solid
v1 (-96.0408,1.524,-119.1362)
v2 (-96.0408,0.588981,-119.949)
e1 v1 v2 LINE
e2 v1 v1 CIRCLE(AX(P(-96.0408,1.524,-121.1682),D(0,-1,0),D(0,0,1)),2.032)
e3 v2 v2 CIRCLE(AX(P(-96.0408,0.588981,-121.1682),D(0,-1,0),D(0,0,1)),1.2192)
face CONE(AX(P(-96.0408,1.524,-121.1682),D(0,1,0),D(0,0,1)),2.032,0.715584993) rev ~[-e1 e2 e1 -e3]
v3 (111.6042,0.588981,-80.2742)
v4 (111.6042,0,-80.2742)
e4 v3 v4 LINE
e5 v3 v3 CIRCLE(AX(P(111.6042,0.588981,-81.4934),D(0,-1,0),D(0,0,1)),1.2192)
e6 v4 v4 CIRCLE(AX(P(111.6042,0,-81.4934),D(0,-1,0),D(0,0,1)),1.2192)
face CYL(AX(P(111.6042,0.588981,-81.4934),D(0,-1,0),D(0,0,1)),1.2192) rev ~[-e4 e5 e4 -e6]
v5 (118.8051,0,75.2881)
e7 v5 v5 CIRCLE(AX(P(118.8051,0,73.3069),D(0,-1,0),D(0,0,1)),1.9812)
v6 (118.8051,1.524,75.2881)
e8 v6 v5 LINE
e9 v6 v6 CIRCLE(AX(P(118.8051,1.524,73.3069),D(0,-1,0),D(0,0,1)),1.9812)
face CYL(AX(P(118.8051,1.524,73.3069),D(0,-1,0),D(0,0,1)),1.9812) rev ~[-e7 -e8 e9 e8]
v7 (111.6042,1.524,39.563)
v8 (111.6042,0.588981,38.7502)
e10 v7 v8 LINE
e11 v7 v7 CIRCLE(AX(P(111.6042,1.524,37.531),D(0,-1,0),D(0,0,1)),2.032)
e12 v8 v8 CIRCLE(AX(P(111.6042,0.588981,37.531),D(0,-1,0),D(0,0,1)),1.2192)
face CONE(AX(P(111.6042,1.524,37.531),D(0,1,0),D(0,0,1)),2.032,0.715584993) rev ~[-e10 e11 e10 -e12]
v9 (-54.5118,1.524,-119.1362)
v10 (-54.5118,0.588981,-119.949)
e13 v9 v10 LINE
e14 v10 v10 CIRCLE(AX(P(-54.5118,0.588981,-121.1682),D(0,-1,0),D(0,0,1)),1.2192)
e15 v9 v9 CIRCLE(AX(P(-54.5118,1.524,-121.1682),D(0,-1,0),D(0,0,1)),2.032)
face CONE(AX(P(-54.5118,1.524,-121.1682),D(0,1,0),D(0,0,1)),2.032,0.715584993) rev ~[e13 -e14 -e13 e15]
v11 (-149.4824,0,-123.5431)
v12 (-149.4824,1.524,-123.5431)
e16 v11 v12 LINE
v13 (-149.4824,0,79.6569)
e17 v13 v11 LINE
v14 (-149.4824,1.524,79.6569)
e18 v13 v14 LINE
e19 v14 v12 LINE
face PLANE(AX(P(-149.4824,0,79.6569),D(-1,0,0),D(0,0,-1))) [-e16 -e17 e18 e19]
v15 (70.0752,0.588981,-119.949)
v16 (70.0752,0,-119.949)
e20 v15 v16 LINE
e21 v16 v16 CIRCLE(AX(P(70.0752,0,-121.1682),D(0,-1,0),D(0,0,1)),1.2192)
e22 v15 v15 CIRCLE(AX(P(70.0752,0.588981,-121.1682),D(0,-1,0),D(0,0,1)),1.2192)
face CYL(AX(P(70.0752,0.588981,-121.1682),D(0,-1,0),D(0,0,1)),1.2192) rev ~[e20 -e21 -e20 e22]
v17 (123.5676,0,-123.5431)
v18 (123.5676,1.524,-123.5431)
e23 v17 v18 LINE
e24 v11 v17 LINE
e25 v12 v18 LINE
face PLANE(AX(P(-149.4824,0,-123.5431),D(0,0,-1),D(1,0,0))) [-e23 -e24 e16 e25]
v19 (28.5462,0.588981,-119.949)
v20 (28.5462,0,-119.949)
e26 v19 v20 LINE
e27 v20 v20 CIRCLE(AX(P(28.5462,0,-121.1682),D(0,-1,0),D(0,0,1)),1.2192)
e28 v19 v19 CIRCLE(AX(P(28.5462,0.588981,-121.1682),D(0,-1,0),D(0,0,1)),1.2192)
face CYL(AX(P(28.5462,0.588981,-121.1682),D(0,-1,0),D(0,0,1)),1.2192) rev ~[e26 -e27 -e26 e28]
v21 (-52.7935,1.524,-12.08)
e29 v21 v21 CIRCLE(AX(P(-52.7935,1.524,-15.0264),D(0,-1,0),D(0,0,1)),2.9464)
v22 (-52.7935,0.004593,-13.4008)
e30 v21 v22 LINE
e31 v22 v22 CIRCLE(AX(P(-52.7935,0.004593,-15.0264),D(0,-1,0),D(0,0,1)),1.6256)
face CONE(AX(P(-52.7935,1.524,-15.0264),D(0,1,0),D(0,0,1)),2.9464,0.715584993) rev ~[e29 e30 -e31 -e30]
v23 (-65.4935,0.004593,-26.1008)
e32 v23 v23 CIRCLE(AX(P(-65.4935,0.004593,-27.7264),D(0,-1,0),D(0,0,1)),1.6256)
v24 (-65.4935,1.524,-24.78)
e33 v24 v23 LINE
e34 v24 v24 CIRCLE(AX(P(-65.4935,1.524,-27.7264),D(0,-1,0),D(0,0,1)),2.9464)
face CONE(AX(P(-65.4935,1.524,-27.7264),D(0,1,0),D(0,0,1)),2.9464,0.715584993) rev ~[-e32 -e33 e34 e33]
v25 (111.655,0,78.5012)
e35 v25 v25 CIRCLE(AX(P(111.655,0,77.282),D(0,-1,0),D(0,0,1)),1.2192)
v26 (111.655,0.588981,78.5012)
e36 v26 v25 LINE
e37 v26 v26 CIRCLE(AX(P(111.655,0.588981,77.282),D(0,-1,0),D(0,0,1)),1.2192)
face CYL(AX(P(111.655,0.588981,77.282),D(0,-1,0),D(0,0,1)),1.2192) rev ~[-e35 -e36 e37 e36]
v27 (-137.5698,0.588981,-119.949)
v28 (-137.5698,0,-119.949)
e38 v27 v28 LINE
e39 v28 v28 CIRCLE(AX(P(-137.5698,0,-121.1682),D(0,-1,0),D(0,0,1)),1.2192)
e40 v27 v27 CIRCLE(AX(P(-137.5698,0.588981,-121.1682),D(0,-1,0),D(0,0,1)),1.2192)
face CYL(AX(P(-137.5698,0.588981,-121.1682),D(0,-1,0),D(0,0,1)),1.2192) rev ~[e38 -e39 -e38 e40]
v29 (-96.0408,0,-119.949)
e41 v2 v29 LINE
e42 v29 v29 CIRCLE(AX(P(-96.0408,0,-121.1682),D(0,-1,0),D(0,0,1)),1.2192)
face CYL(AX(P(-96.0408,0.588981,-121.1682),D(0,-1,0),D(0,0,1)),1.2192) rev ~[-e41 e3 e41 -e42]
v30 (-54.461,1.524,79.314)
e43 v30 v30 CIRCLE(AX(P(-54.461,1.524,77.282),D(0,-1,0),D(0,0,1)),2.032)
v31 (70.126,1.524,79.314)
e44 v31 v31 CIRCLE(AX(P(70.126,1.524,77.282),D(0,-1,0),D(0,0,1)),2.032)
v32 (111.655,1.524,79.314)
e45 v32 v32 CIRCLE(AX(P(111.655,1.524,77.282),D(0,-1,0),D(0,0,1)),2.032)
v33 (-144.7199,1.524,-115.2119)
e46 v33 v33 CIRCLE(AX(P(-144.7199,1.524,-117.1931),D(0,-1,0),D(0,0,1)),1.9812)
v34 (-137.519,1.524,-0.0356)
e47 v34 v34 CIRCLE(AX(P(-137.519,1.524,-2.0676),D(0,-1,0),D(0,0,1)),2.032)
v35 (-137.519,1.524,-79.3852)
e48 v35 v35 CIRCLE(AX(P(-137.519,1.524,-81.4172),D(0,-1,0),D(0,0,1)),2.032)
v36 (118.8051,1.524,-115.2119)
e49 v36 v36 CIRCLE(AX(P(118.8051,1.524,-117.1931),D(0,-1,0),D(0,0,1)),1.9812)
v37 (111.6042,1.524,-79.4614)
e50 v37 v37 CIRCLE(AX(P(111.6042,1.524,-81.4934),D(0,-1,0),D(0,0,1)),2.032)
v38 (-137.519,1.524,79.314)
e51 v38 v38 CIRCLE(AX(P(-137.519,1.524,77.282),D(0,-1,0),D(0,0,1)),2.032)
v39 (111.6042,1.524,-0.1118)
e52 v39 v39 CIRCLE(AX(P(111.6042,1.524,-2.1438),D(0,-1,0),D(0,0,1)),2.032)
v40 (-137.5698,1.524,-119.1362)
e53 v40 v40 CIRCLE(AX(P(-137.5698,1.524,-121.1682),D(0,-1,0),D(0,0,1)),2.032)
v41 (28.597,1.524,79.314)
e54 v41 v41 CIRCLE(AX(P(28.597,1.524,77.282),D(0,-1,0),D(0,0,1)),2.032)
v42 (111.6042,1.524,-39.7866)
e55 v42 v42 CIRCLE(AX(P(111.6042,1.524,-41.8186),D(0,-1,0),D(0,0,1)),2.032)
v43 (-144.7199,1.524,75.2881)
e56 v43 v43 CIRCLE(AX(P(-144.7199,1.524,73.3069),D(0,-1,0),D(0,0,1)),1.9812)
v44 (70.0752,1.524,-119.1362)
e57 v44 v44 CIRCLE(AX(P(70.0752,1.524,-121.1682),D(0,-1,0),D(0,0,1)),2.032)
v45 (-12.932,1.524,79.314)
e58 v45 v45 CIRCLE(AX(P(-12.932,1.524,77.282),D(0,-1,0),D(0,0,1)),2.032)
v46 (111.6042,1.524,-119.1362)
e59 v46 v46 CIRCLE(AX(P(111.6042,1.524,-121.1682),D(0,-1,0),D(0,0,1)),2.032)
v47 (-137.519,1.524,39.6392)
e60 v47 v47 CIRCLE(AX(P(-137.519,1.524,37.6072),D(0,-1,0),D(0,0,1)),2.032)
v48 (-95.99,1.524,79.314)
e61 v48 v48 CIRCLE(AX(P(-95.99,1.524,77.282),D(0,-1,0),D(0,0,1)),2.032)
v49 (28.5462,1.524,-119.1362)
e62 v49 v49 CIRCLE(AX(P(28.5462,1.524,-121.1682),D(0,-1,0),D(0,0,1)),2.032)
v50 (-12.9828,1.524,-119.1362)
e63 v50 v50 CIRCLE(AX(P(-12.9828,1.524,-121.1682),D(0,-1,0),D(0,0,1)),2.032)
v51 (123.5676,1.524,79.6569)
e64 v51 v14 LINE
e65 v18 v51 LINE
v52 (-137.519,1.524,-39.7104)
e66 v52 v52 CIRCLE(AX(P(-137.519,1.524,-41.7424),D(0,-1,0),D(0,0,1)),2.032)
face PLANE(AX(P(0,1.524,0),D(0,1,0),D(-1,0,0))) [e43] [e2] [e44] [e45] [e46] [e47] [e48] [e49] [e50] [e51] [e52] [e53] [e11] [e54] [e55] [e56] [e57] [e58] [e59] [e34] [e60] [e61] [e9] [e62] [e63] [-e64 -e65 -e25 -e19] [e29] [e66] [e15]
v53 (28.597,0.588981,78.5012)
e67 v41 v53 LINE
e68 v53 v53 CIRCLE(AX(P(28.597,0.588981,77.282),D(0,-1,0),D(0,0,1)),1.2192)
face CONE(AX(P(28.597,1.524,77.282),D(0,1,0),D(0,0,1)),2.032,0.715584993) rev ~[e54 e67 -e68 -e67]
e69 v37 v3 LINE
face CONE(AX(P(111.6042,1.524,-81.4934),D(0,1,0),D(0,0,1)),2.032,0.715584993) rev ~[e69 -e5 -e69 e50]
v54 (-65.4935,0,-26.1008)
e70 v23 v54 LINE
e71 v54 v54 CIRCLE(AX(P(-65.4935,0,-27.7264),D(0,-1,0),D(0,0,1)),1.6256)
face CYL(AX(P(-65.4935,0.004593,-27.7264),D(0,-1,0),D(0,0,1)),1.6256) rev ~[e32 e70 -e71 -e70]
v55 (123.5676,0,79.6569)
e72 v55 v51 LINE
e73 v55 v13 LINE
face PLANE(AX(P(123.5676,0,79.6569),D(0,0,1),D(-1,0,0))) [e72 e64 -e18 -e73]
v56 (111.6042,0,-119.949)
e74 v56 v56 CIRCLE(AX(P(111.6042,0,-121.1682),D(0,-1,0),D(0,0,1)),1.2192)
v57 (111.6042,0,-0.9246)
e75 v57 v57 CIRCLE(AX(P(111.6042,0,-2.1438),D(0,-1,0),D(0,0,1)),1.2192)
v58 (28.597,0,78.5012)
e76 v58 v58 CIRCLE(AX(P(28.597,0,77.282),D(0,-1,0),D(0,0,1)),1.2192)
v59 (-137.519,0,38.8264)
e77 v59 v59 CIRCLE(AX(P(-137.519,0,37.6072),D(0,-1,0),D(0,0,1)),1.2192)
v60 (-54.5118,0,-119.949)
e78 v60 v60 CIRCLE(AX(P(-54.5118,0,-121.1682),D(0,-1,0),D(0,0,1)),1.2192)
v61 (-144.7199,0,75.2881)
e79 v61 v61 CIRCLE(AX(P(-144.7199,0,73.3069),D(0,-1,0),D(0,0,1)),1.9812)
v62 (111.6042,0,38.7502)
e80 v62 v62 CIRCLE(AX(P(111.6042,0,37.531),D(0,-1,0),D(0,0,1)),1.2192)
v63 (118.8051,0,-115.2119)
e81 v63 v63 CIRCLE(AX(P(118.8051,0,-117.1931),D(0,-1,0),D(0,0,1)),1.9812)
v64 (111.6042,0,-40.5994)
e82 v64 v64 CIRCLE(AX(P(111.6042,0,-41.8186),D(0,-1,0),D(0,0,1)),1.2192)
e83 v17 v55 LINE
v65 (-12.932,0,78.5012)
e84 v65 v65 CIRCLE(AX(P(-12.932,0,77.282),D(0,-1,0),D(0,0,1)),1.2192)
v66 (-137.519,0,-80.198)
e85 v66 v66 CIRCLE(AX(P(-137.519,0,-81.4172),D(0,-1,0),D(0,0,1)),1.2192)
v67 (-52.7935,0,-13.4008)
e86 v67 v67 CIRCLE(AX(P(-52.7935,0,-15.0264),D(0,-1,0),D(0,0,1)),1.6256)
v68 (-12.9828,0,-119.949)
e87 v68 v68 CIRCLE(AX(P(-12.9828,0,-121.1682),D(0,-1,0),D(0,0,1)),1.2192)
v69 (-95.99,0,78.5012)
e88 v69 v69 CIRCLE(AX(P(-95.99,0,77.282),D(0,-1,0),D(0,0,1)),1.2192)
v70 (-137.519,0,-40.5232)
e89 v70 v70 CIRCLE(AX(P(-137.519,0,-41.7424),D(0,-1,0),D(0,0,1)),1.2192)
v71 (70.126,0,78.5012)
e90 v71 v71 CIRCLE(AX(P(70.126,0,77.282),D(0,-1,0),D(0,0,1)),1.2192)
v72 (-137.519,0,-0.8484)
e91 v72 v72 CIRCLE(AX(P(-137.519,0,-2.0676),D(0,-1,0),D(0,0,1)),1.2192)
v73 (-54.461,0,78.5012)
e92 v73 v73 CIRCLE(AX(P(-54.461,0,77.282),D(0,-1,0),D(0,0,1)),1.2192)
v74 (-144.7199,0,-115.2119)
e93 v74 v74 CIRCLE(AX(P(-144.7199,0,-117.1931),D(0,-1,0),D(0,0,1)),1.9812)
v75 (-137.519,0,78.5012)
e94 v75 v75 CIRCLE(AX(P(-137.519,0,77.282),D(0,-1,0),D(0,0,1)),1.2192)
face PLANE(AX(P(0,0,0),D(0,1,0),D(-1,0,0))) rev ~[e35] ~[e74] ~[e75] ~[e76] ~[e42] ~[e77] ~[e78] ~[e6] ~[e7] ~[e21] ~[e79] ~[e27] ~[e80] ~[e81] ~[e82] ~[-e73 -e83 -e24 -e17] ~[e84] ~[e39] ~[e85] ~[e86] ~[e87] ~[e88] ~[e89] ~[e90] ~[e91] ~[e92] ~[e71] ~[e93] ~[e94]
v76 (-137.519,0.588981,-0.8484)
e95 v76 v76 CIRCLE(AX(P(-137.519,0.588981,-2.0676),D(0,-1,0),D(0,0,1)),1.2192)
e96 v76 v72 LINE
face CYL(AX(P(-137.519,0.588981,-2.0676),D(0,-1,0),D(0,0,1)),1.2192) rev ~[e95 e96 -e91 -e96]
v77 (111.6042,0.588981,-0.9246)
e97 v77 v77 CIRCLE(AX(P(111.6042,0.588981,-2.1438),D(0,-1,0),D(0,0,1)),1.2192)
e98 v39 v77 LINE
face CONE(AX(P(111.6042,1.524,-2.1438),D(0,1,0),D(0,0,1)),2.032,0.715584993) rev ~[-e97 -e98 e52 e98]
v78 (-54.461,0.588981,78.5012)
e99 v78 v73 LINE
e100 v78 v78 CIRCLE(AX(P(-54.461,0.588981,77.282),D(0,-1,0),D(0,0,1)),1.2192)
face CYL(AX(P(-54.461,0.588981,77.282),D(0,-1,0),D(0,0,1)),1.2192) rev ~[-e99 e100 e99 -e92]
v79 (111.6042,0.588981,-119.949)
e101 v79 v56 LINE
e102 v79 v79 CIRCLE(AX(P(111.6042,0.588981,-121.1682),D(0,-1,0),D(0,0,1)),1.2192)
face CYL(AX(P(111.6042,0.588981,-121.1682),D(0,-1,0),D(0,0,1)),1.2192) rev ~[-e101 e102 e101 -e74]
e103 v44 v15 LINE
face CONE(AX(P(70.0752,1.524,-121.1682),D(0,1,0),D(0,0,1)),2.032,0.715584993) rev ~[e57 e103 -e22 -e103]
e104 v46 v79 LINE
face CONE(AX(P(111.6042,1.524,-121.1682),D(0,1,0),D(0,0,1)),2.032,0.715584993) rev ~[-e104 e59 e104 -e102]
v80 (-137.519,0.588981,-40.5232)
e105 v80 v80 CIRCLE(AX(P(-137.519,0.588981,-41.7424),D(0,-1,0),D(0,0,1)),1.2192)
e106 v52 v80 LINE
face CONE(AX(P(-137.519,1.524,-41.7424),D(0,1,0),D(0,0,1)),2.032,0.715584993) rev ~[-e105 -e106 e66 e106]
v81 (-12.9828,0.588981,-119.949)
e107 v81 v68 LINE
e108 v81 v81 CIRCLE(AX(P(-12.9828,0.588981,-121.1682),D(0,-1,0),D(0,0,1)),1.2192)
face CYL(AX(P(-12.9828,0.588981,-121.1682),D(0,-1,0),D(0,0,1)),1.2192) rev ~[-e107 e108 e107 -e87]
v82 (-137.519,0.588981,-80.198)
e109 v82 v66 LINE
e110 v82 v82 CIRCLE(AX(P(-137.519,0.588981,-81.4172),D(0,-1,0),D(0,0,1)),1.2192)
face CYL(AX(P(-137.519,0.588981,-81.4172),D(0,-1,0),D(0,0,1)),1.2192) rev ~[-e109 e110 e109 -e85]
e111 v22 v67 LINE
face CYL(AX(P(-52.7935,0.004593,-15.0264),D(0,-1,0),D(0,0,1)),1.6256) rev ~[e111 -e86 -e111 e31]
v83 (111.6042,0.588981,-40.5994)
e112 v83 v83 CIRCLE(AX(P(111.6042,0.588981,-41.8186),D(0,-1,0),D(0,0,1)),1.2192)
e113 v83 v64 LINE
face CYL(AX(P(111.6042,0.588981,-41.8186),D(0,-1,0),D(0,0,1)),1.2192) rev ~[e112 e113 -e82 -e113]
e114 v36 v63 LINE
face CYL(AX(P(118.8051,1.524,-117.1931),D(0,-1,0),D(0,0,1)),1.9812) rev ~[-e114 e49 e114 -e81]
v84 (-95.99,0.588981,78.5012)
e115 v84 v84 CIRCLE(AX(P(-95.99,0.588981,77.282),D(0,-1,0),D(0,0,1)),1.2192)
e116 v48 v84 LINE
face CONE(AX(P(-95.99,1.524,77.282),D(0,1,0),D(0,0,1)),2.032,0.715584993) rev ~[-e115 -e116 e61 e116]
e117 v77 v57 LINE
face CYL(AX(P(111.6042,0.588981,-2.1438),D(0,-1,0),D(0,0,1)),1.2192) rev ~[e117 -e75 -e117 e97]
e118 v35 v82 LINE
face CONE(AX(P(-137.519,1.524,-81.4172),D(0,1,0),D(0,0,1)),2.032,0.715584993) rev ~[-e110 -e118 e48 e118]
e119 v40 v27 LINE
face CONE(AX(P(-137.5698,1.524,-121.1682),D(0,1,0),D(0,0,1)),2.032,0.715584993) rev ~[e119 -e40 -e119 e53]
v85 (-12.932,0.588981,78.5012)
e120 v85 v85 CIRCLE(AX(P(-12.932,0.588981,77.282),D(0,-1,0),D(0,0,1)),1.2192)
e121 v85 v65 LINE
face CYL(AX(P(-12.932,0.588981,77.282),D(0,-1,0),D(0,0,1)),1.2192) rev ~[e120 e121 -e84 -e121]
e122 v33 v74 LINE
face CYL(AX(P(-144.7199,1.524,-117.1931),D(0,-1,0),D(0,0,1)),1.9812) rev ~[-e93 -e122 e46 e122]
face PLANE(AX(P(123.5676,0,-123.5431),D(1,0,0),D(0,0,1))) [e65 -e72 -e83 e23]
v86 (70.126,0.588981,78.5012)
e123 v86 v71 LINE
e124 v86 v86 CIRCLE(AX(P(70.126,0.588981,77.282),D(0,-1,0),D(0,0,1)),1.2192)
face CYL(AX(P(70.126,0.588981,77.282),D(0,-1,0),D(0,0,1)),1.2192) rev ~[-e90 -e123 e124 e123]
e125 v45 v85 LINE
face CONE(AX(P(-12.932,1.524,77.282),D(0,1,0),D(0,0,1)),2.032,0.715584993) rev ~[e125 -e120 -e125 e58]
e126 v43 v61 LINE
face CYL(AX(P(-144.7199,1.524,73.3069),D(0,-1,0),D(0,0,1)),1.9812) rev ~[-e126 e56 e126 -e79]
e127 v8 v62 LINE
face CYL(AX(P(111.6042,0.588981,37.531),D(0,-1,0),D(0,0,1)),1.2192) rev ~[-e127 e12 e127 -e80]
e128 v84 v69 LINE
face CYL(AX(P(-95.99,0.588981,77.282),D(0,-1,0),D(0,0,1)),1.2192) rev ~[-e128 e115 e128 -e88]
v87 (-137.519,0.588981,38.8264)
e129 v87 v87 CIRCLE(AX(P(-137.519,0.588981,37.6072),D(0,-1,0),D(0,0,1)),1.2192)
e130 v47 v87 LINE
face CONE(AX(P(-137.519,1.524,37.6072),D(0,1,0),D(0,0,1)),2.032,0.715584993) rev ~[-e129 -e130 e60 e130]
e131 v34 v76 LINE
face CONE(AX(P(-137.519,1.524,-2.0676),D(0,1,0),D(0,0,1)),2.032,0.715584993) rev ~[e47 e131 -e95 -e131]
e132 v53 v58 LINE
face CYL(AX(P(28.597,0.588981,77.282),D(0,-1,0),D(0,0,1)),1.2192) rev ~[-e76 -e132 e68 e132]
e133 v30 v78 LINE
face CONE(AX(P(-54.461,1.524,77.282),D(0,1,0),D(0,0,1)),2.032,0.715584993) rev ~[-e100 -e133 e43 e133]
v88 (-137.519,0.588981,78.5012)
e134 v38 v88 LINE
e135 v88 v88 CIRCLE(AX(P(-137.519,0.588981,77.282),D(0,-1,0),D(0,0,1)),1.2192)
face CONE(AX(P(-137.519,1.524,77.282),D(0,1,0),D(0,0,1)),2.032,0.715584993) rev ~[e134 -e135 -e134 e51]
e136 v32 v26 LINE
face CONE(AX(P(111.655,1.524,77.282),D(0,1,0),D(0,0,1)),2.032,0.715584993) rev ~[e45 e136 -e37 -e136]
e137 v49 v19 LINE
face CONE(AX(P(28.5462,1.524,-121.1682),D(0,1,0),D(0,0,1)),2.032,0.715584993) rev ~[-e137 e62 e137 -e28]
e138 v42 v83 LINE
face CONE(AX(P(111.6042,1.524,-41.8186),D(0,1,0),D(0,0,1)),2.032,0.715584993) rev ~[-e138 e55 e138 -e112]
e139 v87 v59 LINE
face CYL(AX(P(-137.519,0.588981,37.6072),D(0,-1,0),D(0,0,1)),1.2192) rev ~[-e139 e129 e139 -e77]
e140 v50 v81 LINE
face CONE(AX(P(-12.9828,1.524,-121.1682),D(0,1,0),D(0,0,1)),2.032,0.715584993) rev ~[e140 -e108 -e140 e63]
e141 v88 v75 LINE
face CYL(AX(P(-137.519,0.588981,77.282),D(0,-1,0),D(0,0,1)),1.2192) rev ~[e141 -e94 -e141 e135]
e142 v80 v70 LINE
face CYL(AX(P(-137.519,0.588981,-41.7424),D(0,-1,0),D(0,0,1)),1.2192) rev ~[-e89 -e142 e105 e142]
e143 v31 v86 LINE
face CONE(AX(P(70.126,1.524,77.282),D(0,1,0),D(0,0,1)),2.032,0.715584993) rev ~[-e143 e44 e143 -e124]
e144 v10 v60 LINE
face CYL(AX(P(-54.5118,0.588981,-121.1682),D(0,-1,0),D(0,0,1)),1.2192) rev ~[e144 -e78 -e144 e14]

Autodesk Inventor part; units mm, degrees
ref_plane "YZ Plane" through (0, 0, 0) normal (1, 0, 0) x (0, 1, 0)
ref_plane "XZ Plane" through (0, 0, 0) normal (0, 1, 0) x (-1, 0, 0)
ref_plane "XY Plane" through (0, 0, 0) normal (0, 0, 1) x (1, 0, 0)
sketch "Sketch1" plane through (0, 0, 0) normal (0, 1, 0) x (-1, 0, 0)
  line L0 (-123.5676, 79.6569) -> (149.4824, 79.6569)
  line L1 (149.4824, 79.6569) -> (149.4824, -123.5431)
  line L2 (149.4824, -123.5431) -> (-123.5676, -123.5431)
  line L3 (-123.5676, -123.5431) -> (-123.5676, 79.6569)
  point P0 (0, 0)
  dimension "d0" = 203.2
  dimension "d2" = 273.05
extrude "Extrusion1" add sketch "Sketch1" along normal blind 1.524
sketch "Sketch2" plane through (0, 1.524, 0) normal (0, 1, 0) x (1, 0, 0)
  point P0 (123.5676, 123.5431)
  point P1 (-149.4824, 123.5431)
  point P2 (0, 0)
  point P3 (111.6042, 121.1682)
  point P4 (-144.7199, 117.1931)
  point P5 (-149.4824, -79.6569)
  point P6 (-137.519, -77.282)
  dimension "d7" = 2.3749
  dimension "d8" = 11.9634
  dimension "d9" = 4.7625
  dimension "d10" = 6.35
  dimension "d37" = 11.9634
  dimension "d38" = 2.3749
hole "Hole1" at (-144.7199, 1.524, -117.1931) direction (0, -1, 0) diameter 3.9624 depth 25.4 tip angle 118
pattern_linear "Rectangular Pattern1" count 2 spacing 263.525 along (1, 0, 0) count 2 spacing 190.5 along (0, 0, 1) of "Hole1"
hole "Hole2" at (111.6042, 1.524, -121.1682) direction (0, -1, 0) diameter 2.4384 depth 25.4 tip angle 118 countersink diameter 4.064 countersink angle 82
pattern_linear "Rectangular Pattern2" count 5 spacing 39.6748 along (0, 0, 1) of "Hole2"
pattern_linear "Rectangular Pattern3" count 7 spacing 41.529 along (-1, 0, 0) of "Hole2"
hole "Hole3" at (-137.519, 1.524, 77.282) direction (0, -1, 0) diameter 2.4384 depth 25.4 tip angle 118 countersink diameter 4.064 countersink angle 82
pattern_linear "Rectangular Pattern4" count 5 spacing 39.6748 along (0, 0, -1) of "Hole3"
pattern_linear "Rectangular Pattern5" count 7 spacing 41.529 along (1, 0, 0) of "Hole3"
sketch "Sketch3" plane through (0, 1.524, 0) normal (0, 1, 0) x (1, 0, 0)
  circle A0 centre (111.655, -77.282) radius 2.032 projected
  circle A1 centre (70.126, -77.282) radius 2.032 projected
  circle A2 centre (28.597, -77.282) radius 2.032 projected
  circle A3 centre (-12.932, -77.282) radius 2.032 projected
  circle A4 centre (-54.461, -77.282) radius 2.032 projected
  circle A5 centre (-95.99, -77.282) radius 2.032 projected
  circle A6 centre (-137.519, 81.4172) radius 2.032 projected
  circle A7 centre (-137.519, 41.7424) radius 2.032 projected
  circle A8 centre (-137.519, 2.0676) radius 2.032 projected
  circle A9 centre (-137.519, -37.6072) radius 2.032 projected
  circle A10 centre (-137.519, -77.282) radius 2.032 projected
  circle A11 centre (-137.5698, 121.1682) radius 2.032 projected
  circle A12 centre (-96.0408, 121.1682) radius 2.032 projected
  circle A13 centre (-54.5118, 121.1682) radius 2.032 projected
  circle A14 centre (-12.9828, 121.1682) radius 2.032 projected
  circle A15 centre (28.5462, 121.1682) radius 2.032 projected
  circle A16 centre (70.0752, 121.1682) radius 2.032 projected
  circle A17 centre (111.6042, -37.531) radius 2.032 projected
  circle A18 centre (111.6042, 2.1438) radius 2.032 projected
  circle A19 centre (111.6042, 41.8186) radius 2.032 projected
  circle A20 centre (111.6042, 81.4934) radius 2.032 projected
  circle A21 centre (111.6042, 121.1682) radius 2.032 projected
  circle A22 centre (118.8051, -73.3069) radius 1.9812 projected
  circle A23 centre (-144.7199, -73.3069) radius 1.9812 projected
  circle A24 centre (118.8051, 117.1931) radius 1.9812 projected
  circle A25 centre (-144.7199, 117.1931) radius 1.9812 projected
  line L0 (-149.4824, -79.6569) -> (123.5676, -79.6569) projected
  line L1 (123.5676, -79.6569) -> (123.5676, 123.5431) projected
  line L2 (123.5676, 123.5431) -> (-149.4824, 123.5431) projected
  line L3 (-149.4824, 123.5431) -> (-149.4824, -79.6569) projected
  point P0 (0, 0)
sketch "Sketch4" plane through (0, 1.524, 0) normal (0, 1, 0) x (1, 0, 0)
  circle A0 centre (111.655, -77.282) radius 2.032 projected
  circle A1 centre (70.126, -77.282) radius 2.032 projected
  circle A2 centre (28.597, -77.282) radius 2.032 projected
  circle A3 centre (-12.932, -77.282) radius 2.032 projected
  circle A4 centre (-54.461, -77.282) radius 2.032 projected
  circle A5 centre (-95.99, -77.282) radius 2.032 projected
  circle A6 centre (-137.519, 81.4172) radius 2.032 projected
  circle A7 centre (-137.519, 41.7424) radius 2.032 projected
  circle A8 centre (-137.519, 2.0676) radius 2.032 projected
  circle A9 centre (-137.519, -37.6072) radius 2.032 projected
  circle A10 centre (-137.519, -77.282) radius 2.032 projected
  circle A11 centre (-137.5698, 121.1682) radius 2.032 projected
  circle A12 centre (-96.0408, 121.1682) radius 2.032 projected
  circle A13 centre (-54.5118, 121.1682) radius 2.032 projected
  circle A14 centre (-12.9828, 121.1682) radius 2.032 projected
  circle A15 centre (28.5462, 121.1682) radius 2.032 projected
  circle A16 centre (70.0752, 121.1682) radius 2.032 projected
  circle A17 centre (111.6042, -37.531) radius 2.032 projected
  circle A18 centre (111.6042, 2.1438) radius 2.032 projected
  circle A19 centre (111.6042, 41.8186) radius 2.032 projected
  circle A20 centre (111.6042, 81.4934) radius 2.032 projected
  circle A21 centre (111.6042, 121.1682) radius 2.032 projected
  circle A22 centre (118.8051, -73.3069) radius 1.9812 projected
  circle A23 centre (-144.7199, -73.3069) radius 1.9812 projected
  circle A24 centre (118.8051, 117.1931) radius 1.9812 projected
  circle A25 centre (-144.7199, 117.1931) radius 1.9812 projected
  line L0 (-149.4824, -79.6569) -> (123.5676, -79.6569) projected
  line L1 (123.5676, -79.6569) -> (123.5676, 123.5431) projected
  line L2 (123.5676, 123.5431) -> (-149.4824, 123.5431) projected
  line L3 (-149.4824, 123.5431) -> (-149.4824, -79.6569) projected
  point P0 (0, 0)
sketch "Sketch5" plane through (0, 1.524, 0) normal (0, 1, 0) x (1, 0, 0)
  point P0 (0, 0)
  point P1 (-52.7935, 15.0264)
  point P2 (-65.4935, 27.7264)
hole "Hole5" at (-65.4935, 1.524, -27.7264) direction (0, -1, 0) diameter 3.2512 depth 25.4 tip angle 118 countersink diameter 5.8928 countersink angle 82
hole "Hole6" at (-52.7935, 1.524, -15.0264) direction (0, -1, 0) diameter 3.2512 depth 25.4 tip angle 118 countersink diameter 5.8928 countersink angle 82
properties part number "RFT Cover Ext" material "Aluminum 6061"
